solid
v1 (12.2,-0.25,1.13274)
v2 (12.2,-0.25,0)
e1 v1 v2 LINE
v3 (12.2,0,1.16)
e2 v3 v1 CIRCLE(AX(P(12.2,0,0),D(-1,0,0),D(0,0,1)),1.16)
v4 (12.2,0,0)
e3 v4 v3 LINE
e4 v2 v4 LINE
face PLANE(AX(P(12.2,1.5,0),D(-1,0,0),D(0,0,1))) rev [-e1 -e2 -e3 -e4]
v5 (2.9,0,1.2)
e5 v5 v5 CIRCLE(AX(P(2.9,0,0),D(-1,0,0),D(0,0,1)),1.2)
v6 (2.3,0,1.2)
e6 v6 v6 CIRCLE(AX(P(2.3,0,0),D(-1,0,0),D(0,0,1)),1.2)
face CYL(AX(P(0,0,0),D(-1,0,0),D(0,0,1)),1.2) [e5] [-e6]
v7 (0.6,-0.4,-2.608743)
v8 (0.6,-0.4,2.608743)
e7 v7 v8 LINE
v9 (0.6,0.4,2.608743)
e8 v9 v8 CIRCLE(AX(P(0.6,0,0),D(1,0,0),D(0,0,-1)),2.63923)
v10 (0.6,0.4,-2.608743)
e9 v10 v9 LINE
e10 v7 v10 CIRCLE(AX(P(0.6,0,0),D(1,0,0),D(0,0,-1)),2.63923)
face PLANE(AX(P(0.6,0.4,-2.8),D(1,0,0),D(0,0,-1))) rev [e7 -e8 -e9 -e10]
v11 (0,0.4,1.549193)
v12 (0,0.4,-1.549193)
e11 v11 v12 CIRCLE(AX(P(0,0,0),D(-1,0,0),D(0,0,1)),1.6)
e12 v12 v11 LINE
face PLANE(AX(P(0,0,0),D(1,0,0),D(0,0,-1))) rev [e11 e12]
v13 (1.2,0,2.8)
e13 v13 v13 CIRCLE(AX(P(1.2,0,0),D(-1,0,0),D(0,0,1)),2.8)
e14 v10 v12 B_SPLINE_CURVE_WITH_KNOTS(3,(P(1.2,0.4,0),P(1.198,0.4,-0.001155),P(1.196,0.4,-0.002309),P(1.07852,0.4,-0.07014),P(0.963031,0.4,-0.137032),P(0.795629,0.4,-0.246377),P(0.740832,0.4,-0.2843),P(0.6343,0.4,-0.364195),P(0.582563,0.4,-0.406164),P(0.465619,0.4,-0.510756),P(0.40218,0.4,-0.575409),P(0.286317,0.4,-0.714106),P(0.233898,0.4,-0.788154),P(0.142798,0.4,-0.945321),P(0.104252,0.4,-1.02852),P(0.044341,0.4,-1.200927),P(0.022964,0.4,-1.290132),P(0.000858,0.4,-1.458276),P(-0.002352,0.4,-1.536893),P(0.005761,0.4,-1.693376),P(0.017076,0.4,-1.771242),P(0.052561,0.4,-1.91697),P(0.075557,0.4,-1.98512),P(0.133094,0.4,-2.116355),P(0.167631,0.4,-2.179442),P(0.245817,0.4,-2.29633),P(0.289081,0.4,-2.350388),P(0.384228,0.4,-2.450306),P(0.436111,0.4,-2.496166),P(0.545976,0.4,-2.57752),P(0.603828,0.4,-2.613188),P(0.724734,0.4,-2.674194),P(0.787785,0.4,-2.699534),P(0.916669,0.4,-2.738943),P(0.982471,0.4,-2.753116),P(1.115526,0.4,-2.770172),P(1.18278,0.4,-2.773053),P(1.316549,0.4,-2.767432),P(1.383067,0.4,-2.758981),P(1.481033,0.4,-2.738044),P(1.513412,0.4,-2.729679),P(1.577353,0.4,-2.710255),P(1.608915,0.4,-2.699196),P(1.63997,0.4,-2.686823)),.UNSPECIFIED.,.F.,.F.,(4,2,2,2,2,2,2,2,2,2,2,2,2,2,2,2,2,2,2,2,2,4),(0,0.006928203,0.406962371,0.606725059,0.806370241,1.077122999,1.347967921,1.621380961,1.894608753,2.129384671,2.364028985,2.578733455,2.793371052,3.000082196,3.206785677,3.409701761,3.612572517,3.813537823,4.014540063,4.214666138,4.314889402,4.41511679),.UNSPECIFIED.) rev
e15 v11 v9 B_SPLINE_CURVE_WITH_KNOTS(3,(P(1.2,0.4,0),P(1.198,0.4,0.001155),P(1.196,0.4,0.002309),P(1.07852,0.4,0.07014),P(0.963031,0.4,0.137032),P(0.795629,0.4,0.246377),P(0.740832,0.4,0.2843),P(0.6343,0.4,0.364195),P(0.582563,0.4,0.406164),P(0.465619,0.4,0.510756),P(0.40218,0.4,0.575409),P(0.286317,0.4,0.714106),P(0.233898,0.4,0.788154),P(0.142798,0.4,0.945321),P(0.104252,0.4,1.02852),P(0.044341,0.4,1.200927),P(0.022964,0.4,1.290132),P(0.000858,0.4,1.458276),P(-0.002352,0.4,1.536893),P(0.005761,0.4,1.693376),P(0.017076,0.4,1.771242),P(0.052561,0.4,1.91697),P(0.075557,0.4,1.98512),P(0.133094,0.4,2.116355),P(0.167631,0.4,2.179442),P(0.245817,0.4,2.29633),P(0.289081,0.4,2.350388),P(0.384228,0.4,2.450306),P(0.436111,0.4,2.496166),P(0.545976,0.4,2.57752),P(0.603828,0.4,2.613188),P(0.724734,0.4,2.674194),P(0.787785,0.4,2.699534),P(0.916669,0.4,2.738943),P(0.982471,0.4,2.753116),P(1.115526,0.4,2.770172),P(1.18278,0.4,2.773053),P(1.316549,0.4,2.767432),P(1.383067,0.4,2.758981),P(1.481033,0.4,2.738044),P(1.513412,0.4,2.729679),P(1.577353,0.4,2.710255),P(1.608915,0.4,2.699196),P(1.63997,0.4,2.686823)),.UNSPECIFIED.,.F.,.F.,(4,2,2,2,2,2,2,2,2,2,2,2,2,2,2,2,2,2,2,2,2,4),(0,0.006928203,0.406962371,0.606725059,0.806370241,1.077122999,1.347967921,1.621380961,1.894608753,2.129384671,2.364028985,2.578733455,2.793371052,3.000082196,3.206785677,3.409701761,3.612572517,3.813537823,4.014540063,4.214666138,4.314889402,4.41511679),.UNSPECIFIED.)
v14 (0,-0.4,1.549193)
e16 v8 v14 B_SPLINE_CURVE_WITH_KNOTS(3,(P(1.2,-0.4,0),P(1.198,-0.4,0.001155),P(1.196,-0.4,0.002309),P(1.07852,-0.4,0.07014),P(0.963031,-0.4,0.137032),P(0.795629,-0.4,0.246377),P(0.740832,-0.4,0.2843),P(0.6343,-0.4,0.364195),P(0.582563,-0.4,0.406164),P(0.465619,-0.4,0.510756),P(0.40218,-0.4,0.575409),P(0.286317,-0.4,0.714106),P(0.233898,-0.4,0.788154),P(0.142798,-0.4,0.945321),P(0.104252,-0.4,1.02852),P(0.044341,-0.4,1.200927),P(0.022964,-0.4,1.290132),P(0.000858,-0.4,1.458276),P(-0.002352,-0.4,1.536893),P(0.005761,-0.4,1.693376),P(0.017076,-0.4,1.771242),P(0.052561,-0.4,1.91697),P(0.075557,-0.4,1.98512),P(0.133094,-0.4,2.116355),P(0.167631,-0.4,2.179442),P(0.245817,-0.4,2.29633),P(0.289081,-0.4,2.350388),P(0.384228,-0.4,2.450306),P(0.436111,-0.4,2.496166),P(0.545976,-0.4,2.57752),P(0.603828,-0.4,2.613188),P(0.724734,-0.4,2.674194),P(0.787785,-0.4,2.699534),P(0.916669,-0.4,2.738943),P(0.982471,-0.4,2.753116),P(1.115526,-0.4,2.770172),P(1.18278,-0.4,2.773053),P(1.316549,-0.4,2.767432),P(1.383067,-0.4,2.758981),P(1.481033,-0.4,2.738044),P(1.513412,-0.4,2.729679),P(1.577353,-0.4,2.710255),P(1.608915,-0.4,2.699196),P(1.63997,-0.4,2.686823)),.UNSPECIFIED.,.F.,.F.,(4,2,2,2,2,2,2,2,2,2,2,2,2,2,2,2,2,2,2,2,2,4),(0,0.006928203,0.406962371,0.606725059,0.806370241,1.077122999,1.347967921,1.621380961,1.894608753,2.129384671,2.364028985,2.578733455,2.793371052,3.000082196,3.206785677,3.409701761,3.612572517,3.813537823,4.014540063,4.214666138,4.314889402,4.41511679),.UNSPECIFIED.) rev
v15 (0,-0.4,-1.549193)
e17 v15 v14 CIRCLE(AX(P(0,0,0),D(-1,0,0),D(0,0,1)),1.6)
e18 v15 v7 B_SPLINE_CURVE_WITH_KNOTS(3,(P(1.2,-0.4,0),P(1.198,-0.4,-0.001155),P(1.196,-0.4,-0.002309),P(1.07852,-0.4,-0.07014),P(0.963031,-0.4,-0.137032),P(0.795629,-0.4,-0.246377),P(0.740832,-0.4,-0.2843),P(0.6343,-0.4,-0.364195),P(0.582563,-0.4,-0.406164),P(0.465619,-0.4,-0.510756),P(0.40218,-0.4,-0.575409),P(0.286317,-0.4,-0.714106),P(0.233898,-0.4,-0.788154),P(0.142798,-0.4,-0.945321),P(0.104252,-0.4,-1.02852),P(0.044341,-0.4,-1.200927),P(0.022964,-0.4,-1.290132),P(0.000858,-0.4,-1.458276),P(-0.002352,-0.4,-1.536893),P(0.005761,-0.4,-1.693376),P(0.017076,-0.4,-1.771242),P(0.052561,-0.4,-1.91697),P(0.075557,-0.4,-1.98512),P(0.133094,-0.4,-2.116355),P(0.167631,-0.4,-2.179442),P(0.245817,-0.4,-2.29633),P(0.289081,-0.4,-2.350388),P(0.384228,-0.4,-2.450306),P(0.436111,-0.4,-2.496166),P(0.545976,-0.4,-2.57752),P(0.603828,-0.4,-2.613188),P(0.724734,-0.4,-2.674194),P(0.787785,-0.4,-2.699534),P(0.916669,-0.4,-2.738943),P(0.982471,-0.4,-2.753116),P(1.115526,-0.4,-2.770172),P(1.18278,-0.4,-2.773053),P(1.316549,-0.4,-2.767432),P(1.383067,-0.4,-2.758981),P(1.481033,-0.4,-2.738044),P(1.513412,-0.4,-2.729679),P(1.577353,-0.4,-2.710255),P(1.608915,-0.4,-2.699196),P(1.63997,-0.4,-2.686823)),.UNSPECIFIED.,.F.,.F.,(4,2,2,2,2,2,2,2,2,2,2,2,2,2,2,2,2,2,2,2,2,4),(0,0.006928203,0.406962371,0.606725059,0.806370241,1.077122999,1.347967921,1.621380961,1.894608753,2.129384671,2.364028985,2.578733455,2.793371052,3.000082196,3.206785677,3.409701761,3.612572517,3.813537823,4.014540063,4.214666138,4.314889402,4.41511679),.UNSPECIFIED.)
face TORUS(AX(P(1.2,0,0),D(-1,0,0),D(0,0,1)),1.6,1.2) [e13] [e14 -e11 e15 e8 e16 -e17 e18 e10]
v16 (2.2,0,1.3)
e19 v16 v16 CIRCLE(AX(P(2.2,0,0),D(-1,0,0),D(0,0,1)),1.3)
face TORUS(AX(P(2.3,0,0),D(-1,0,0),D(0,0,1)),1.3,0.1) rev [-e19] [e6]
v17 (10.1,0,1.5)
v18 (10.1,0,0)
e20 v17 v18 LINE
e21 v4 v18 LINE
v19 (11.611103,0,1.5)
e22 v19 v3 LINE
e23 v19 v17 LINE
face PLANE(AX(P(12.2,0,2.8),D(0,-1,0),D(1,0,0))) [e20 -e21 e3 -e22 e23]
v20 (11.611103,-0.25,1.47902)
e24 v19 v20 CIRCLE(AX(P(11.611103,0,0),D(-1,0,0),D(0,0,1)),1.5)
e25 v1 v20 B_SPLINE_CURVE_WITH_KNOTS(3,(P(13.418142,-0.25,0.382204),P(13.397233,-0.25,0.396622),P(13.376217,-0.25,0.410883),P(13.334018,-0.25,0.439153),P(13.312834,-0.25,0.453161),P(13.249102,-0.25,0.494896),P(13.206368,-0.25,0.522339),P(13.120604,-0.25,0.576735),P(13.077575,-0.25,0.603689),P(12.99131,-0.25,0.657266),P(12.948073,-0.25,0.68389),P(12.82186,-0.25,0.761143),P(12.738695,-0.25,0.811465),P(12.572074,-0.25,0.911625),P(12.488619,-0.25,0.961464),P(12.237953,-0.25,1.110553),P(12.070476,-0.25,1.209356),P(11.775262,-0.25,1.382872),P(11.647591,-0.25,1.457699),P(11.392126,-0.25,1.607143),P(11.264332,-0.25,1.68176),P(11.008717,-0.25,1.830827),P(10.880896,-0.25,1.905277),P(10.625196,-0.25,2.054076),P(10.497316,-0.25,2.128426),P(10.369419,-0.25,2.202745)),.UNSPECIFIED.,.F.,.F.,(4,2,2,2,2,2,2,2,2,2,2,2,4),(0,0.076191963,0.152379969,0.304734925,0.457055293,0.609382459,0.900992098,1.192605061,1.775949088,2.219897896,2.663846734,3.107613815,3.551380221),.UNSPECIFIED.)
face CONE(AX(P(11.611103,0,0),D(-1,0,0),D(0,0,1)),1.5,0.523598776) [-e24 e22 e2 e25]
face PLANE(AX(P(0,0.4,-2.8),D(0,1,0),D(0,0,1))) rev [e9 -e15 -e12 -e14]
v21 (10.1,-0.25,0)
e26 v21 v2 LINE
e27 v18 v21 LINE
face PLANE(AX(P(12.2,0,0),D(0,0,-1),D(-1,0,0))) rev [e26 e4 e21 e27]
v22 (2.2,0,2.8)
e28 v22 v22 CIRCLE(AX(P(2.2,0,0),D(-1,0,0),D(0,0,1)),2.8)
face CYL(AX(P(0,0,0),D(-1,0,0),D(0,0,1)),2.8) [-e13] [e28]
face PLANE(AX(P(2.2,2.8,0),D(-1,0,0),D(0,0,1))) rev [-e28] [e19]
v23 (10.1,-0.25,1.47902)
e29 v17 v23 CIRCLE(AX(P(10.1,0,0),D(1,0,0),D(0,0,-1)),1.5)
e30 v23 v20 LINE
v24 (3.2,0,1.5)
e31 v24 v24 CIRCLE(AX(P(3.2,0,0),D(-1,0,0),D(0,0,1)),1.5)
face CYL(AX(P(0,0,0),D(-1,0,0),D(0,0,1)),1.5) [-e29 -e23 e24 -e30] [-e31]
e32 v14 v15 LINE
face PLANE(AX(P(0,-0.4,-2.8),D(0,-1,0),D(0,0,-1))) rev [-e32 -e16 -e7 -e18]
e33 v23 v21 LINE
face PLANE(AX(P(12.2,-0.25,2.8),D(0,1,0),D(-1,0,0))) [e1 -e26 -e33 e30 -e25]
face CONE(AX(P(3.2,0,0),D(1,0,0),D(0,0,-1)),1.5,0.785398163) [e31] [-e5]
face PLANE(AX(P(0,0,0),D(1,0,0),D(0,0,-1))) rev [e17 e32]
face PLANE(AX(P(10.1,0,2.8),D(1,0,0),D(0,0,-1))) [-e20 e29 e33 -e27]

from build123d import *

# Parameters (mm, degrees)
SLOT_CUT_EXTRUDE1_DEPTH      = 13.826535018
SLOT_CUT_EXTRUDE1_DEPTH_BACK = 13.826535018
SKETCH2_W                    = 0.6
SKETCH2_H                    = 0.8
SKETCH11_W                   = 2.1
SKETCH11_H                   = 0.25
POINT_CUT_EXTRUDE8_DEPTH     = 13.82653504


with BuildPart() as part:
    # Sketch1 → base-Revolve (revolve)
    with BuildSketch(Plane.XY, mode=Mode.PRIVATE) as base_revolve_sk:
        with BuildLine():
            Line((0, 0), (0, 1.6))
            ThreePointArc((0, 1.6), (0.351471863, 2.448528137), (1.2, 2.8))
            Line((1.2, 2.8), (2.2, 2.8))
            Line((2.2, 2.8), (2.2, 1.3))
            ThreePointArc((2.2, 1.3), (2.229289322, 1.229289322), (2.3, 1.2))
            Line((2.3, 1.2), (2.9, 1.2))
            Line((2.9, 1.2), (3.2, 1.5))
            Line((3.2, 1.5), (12.2, 1.5))
            Line((12.2, 1.5), (12.2, 0))
            Line((12.2, 0), (0, 0))
        make_face()
    revolve(base_revolve_sk.sketch.rotate(Axis((0, 0, 0), (1, 0, 0)), 90), axis=Axis((0, 0, 0), (1, 0, 0)))

    # Sketch2 → slot_Cut-Extrude1 (cut, two sides: drawn at the far end of the back side and taken through both)
    with BuildSketch(Plane.XY.offset(-SLOT_CUT_EXTRUDE1_DEPTH_BACK)):
        with Locations((0.3, 0)):
            Rectangle(SKETCH2_W, SKETCH2_H)
    extrude(amount=SLOT_CUT_EXTRUDE1_DEPTH + SLOT_CUT_EXTRUDE1_DEPTH_BACK, mode=Mode.SUBTRACT)

    # Sketch8 → point_Cut-Revolve1 (revolve, cut)
    with BuildSketch(Plane.XY, mode=Mode.PRIVATE) as point_cut_revolve1_sk:
        Polygon((12.2, 0), (12.708, 0), (12.708, 2.008), (11.611102725, 2.008), (11.611102725, 1.5), (12.2, 1.16), align=None)
    revolve(point_cut_revolve1_sk.sketch.rotate(Axis((0, 0, 0), (1, 0, 0)), 90), axis=Axis((0, 0, 0), (1, 0, 0)), mode=Mode.SUBTRACT)

    # Sketch11 → point_Cut-Extrude8 (cut, through all)
    with BuildSketch(Plane.XY):
        with Locations((11.15, -0.125)):
            Rectangle(SKETCH11_W, SKETCH11_H)
    extrude(amount=POINT_CUT_EXTRUDE8_DEPTH, mode=Mode.SUBTRACT)


solid = part.part
